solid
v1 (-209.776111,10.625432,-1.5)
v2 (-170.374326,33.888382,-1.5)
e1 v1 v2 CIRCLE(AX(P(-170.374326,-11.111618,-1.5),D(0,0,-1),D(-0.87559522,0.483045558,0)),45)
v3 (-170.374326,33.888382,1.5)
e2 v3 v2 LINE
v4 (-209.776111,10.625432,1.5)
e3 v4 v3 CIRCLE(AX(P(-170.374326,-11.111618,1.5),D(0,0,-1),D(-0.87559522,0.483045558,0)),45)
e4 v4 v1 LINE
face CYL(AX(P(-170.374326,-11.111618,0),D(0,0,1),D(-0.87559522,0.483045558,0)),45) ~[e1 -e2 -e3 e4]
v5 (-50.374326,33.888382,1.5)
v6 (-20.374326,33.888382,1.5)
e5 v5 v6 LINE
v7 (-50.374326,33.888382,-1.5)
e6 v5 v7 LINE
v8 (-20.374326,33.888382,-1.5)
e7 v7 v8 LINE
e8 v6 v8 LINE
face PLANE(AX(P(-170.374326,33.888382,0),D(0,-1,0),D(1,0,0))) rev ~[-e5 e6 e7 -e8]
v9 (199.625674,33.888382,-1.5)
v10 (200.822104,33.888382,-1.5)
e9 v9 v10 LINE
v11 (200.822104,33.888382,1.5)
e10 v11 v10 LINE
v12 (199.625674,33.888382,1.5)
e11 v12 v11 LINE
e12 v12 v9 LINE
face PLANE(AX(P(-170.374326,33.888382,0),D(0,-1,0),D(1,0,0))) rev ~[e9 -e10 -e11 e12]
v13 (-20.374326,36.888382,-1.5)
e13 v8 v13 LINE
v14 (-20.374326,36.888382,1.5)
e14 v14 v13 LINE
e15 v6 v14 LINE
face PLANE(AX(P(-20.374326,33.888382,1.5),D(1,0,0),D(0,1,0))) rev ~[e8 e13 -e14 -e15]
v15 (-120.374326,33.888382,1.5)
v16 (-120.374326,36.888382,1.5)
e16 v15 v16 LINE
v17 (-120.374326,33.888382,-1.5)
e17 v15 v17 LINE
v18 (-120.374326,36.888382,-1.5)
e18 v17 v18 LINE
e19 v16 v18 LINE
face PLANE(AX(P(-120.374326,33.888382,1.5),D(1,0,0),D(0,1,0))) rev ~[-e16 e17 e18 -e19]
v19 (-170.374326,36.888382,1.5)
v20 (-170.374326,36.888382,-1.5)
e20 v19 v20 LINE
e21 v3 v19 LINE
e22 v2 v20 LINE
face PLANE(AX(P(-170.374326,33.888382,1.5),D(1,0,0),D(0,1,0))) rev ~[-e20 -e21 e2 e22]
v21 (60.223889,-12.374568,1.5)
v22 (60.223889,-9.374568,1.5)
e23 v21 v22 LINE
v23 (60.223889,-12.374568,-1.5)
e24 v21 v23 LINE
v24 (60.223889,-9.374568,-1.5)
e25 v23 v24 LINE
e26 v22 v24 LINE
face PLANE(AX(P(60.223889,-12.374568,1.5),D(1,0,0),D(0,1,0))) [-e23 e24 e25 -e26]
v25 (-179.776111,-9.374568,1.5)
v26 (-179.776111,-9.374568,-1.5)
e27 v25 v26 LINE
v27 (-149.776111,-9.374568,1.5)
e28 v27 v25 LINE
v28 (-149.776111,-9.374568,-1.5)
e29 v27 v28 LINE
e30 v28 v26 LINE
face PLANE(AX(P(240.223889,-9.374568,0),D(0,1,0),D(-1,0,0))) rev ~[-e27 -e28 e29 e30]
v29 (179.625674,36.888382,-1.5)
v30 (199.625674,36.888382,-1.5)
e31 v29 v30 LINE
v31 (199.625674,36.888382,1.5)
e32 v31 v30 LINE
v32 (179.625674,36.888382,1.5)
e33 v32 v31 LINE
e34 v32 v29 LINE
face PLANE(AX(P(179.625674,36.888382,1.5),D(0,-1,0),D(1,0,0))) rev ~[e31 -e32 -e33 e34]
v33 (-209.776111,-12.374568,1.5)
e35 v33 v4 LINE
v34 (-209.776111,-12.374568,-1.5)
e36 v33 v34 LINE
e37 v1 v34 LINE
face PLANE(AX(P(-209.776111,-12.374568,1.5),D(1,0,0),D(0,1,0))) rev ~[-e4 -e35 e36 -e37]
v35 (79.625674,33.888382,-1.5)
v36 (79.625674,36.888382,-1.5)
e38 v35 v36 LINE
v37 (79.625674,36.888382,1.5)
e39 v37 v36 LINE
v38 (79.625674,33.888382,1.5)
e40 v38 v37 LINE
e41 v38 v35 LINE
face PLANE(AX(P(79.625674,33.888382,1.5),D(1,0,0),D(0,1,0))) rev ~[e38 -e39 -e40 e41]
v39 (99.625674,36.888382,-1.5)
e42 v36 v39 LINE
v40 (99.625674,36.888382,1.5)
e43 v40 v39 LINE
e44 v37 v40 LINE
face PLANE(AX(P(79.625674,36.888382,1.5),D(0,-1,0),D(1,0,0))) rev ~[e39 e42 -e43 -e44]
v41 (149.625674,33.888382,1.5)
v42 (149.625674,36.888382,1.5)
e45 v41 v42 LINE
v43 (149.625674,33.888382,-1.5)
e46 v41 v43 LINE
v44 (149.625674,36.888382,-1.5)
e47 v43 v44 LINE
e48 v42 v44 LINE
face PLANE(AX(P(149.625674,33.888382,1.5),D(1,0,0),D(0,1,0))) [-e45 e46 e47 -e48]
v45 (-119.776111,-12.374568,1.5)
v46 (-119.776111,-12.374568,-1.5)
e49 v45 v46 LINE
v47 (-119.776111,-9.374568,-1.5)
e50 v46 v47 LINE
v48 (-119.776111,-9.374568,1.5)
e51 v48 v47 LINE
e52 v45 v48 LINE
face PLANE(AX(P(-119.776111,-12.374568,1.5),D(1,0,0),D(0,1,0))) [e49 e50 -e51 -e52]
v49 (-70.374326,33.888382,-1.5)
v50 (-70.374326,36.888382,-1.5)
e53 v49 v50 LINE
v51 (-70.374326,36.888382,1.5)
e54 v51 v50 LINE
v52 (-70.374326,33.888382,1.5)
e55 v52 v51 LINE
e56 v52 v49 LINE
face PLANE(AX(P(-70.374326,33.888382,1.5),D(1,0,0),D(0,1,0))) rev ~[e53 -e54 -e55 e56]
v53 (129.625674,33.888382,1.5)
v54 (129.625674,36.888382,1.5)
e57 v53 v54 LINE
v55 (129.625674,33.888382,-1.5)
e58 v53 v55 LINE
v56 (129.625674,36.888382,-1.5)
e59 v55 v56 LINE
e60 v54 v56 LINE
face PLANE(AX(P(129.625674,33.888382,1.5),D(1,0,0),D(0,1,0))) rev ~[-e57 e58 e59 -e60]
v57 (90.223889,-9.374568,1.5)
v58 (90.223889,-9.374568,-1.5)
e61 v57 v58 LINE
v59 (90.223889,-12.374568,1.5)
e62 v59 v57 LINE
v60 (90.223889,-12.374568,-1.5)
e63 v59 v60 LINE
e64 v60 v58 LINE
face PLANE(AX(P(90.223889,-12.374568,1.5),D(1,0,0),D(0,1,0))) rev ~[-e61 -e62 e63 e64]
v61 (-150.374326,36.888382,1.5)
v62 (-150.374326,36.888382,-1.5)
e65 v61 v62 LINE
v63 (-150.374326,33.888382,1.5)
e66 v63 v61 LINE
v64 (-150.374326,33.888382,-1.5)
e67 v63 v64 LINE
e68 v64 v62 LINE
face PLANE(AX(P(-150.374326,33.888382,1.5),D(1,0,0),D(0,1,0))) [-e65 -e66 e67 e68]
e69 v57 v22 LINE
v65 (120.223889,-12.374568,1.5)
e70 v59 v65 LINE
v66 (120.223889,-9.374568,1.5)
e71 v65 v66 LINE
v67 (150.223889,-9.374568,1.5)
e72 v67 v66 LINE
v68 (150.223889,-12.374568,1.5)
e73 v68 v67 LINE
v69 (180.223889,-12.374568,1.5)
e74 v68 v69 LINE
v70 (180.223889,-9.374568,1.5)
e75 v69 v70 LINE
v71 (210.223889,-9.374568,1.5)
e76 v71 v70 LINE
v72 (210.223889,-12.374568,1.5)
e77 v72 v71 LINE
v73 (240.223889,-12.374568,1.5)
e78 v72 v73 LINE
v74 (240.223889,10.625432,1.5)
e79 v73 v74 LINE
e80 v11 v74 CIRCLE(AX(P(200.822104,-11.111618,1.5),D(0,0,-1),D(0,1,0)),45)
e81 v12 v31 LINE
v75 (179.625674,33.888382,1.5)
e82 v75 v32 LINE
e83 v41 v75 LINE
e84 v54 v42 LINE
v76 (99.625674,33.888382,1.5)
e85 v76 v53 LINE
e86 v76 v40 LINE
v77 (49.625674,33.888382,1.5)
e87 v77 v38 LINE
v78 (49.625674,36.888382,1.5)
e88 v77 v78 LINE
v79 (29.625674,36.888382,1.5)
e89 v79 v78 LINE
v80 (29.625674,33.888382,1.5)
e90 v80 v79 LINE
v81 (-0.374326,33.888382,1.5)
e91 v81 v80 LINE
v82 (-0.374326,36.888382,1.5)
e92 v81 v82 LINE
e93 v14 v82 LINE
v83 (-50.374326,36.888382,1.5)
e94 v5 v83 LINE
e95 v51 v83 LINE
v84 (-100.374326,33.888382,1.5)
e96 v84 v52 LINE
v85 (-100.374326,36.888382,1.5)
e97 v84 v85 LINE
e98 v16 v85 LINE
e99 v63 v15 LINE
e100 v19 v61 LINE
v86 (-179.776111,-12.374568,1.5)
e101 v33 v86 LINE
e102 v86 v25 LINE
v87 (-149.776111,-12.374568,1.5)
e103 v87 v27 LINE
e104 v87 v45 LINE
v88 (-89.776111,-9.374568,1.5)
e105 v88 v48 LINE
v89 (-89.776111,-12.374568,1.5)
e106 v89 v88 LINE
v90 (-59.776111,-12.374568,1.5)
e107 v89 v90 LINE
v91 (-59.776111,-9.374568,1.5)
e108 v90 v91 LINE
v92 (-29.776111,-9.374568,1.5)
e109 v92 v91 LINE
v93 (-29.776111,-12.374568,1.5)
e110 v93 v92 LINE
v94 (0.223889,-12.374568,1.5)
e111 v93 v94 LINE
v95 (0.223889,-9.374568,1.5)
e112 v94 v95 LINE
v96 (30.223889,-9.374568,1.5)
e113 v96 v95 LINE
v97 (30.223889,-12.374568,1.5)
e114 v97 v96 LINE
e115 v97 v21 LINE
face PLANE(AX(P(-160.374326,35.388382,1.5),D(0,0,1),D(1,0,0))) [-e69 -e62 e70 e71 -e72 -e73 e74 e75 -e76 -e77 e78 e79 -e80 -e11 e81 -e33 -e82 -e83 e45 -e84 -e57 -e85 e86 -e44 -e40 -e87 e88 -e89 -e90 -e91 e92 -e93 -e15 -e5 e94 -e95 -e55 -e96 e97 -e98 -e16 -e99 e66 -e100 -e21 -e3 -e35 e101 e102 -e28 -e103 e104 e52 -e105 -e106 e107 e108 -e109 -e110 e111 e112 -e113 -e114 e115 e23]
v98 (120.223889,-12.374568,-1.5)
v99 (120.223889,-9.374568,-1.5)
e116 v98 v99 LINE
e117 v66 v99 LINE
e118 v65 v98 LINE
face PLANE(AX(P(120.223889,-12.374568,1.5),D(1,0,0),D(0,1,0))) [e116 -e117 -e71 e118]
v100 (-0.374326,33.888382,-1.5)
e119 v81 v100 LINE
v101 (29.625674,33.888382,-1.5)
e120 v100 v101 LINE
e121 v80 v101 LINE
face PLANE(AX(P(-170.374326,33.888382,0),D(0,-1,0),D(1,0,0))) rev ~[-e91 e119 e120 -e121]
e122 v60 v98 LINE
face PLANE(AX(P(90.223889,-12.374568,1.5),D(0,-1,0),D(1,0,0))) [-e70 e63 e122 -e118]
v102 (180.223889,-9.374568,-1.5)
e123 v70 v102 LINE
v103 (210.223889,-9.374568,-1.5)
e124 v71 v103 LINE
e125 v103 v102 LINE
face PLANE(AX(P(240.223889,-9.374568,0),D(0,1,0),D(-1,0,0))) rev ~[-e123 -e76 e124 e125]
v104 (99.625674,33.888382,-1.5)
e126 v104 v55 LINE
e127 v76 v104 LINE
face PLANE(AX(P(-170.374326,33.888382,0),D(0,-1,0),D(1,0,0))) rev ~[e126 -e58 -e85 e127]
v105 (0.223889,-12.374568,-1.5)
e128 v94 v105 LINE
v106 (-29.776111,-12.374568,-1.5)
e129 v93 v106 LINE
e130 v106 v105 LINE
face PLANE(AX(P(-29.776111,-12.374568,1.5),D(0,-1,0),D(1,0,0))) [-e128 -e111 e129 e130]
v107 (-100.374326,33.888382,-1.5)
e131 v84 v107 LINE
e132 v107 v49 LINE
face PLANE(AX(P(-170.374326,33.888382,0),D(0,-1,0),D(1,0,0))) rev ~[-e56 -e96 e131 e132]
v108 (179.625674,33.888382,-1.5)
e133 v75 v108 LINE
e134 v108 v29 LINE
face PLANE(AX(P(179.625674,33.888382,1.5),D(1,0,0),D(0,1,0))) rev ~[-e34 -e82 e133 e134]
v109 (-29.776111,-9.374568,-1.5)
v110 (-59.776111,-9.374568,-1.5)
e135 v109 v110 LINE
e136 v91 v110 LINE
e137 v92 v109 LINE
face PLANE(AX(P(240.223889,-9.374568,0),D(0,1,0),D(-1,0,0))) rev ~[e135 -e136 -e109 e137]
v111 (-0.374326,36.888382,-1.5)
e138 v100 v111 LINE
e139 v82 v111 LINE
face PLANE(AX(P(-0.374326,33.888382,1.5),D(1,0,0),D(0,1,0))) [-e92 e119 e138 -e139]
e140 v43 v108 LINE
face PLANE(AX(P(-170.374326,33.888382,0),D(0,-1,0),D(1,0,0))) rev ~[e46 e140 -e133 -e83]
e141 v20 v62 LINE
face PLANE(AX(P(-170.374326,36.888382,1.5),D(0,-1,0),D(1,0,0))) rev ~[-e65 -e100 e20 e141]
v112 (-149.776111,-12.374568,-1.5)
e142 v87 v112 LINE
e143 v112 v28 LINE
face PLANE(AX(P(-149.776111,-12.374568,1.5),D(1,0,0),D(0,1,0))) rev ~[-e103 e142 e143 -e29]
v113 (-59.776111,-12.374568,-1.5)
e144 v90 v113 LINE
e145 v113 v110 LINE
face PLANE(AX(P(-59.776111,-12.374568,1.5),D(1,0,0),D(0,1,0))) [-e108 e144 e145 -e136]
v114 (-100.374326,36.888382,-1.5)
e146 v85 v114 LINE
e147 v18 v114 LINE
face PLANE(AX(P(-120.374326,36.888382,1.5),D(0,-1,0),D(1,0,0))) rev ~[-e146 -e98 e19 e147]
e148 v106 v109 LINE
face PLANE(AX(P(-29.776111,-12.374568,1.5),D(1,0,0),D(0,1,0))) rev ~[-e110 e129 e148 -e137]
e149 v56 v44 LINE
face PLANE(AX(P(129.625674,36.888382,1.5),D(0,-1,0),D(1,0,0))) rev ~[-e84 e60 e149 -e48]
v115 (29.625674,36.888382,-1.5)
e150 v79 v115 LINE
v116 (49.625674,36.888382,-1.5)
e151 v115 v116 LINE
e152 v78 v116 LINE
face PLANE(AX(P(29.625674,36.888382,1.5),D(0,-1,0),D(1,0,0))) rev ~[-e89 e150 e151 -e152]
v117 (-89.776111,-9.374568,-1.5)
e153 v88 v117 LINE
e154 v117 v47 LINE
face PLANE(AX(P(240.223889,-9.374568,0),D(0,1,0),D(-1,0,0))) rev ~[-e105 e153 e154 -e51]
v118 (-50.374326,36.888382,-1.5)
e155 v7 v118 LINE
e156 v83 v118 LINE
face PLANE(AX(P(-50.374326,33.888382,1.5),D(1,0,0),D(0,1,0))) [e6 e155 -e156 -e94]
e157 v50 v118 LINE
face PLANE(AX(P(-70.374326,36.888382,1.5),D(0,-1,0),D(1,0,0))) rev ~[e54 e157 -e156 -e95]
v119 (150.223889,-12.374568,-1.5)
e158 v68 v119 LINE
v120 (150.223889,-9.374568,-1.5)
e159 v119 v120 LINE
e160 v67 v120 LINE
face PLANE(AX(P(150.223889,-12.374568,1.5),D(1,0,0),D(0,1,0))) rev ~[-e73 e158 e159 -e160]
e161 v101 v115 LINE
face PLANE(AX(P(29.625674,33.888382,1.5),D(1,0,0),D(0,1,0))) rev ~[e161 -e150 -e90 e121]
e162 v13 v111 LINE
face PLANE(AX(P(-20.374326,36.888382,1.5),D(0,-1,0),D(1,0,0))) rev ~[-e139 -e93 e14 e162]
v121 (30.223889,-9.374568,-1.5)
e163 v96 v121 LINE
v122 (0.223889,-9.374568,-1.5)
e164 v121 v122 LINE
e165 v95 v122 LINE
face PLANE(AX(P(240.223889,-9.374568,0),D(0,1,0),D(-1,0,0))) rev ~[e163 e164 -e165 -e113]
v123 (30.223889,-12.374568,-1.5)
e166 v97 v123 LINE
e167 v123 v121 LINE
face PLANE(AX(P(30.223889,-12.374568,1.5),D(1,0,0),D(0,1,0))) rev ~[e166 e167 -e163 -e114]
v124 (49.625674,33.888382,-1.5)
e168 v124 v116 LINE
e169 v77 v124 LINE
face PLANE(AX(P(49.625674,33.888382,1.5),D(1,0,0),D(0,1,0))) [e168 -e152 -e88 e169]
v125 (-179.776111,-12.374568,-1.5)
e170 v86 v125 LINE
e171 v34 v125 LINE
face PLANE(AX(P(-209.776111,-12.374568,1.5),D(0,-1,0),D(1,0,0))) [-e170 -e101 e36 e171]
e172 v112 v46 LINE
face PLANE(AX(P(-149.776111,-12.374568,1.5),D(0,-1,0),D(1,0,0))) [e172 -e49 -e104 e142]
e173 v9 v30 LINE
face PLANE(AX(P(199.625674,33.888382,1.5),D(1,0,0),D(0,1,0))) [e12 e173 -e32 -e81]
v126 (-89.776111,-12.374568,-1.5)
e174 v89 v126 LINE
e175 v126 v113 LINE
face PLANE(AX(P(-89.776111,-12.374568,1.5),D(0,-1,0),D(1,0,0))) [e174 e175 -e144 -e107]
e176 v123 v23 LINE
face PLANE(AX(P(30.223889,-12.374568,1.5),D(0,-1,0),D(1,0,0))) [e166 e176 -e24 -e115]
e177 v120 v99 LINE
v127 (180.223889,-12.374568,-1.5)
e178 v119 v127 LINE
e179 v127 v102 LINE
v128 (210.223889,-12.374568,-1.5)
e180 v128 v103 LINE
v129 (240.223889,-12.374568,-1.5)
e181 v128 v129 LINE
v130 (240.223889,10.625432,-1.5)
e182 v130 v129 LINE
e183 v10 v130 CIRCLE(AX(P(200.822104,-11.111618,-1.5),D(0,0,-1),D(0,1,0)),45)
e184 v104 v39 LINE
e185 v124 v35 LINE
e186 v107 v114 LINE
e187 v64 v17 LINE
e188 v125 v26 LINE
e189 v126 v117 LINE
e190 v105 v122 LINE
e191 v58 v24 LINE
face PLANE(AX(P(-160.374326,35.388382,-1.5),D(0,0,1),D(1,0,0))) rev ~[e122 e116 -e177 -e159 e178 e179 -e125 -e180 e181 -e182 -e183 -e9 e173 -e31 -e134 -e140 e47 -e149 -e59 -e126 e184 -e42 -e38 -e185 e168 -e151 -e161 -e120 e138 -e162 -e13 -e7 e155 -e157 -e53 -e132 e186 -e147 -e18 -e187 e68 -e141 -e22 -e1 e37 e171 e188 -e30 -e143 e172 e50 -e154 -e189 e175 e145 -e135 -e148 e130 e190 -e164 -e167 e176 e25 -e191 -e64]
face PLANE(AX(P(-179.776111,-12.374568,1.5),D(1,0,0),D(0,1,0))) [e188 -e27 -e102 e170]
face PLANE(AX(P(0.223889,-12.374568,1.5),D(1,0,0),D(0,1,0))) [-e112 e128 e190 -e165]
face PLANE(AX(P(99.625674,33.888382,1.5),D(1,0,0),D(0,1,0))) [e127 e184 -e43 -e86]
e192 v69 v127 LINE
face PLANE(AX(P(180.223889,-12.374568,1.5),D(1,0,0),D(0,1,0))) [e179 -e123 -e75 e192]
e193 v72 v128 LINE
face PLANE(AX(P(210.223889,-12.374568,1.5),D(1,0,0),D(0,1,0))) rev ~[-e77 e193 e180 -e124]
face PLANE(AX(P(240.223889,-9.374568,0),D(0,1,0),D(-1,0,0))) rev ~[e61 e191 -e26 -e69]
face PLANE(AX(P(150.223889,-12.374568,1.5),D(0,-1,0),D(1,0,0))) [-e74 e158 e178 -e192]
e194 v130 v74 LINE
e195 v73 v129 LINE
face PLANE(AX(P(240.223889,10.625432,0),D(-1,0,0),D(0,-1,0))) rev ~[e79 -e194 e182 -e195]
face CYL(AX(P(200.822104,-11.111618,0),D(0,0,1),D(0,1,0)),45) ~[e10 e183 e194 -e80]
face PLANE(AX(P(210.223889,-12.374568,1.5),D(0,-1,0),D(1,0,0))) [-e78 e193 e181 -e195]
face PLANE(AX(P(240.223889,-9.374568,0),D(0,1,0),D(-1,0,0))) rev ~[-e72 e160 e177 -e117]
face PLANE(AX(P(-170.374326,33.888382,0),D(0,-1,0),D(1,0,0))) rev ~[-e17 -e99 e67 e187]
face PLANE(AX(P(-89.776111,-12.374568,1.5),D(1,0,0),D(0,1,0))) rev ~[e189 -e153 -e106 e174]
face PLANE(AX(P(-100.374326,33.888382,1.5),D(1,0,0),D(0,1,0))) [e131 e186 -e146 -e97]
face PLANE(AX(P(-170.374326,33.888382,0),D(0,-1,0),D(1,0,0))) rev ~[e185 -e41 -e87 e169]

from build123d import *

# Parameters (mm, degrees)
BOSS_EXTRUDE1_DEPTH = 1.5
SKETCH3_W           = 30
SKETCH3_H           = 3
BOSS_EXTRUDE2_DEPTH = 3
SKETCH5_W           = 20
SKETCH5_H           = 3
BOSS_EXTRUDE3_DEPTH = 3


with BuildPart() as part:
    # Sketch2 → Boss-Extrude1 (new, symmetric)
    with BuildSketch(Plane.XY):
        with BuildLine():
            Line((-209.776110705, -9.374567854), (-209.776110705, 10.625432146))
            ThreePointArc((-209.776110705, 10.625432146), (-193.252620605, 27.63865465), (-170.374325813, 33.888382039))
            Line((-170.374325813, 33.888382039), (200.822104404, 33.888382039))
            ThreePointArc((200.822104404, 33.888382039), (223.700399196, 27.63865465), (240.223889295, 10.625432146))
            Line((240.223889295, 10.625432146), (240.223889295, -9.374567854))
            Line((240.223889295, -9.374567854), (-209.776110705, -9.374567854))
        make_face()
    extrude(amount=BOSS_EXTRUDE1_DEPTH, both=True)

    # Sketch3 → Boss-Extrude2 (add)
    with BuildSketch(Plane.XY.offset(1.5)):
        with Locations((-134.776110705, -10.874567854)):
            Rectangle(SKETCH3_W, SKETCH3_H)
        with Locations((-194.776110705, -10.874567854)):
            Rectangle(SKETCH3_W, SKETCH3_H)
        with Locations((-74.776110705, -10.874567854)):
            Rectangle(SKETCH3_W, SKETCH3_H)
        with Locations((-14.776110705, -10.874567854)):
            Rectangle(SKETCH3_W, SKETCH3_H)
        with Locations((45.223889295, -10.874567854)):
            Rectangle(SKETCH3_W, SKETCH3_H)
        with Locations((105.223889295, -10.874567854)):
            Rectangle(SKETCH3_W, SKETCH3_H)
        with Locations((165.223889295, -10.874567854)):
            Rectangle(SKETCH3_W, SKETCH3_H)
        with Locations((225.223889295, -10.874567854)):
            Rectangle(SKETCH3_W, SKETCH3_H)
    extrude(amount=-BOSS_EXTRUDE2_DEPTH)

    # Sketch5 → Boss-Extrude3 (add)
    with BuildSketch(Plane.XY.offset(1.5)):
        with Locations((-160.374325813, 35.388382039)):
            Rectangle(SKETCH5_W, SKETCH5_H)
        with Locations((-110.374325813, 35.388382039)):
            Rectangle(SKETCH5_W, SKETCH5_H)
        with Locations((-60.374325813, 35.388382039)):
            Rectangle(SKETCH5_W, SKETCH5_H)
        with Locations((-10.374325813, 35.388382039)):
            Rectangle(SKETCH5_W, SKETCH5_H)
        with Locations((39.625674187, 35.388382039)):
            Rectangle(SKETCH5_W, SKETCH5_H)
        with Locations((89.625674187, 35.388382039)):
            Rectangle(SKETCH5_W, SKETCH5_H)
        with Locations((139.625674187, 35.388382039)):
            Rectangle(SKETCH5_W, SKETCH5_H)
        with Locations((189.625674187, 35.388382039)):
            Rectangle(SKETCH5_W, SKETCH5_H)
    extrude(amount=-BOSS_EXTRUDE3_DEPTH)


solid = part.part
